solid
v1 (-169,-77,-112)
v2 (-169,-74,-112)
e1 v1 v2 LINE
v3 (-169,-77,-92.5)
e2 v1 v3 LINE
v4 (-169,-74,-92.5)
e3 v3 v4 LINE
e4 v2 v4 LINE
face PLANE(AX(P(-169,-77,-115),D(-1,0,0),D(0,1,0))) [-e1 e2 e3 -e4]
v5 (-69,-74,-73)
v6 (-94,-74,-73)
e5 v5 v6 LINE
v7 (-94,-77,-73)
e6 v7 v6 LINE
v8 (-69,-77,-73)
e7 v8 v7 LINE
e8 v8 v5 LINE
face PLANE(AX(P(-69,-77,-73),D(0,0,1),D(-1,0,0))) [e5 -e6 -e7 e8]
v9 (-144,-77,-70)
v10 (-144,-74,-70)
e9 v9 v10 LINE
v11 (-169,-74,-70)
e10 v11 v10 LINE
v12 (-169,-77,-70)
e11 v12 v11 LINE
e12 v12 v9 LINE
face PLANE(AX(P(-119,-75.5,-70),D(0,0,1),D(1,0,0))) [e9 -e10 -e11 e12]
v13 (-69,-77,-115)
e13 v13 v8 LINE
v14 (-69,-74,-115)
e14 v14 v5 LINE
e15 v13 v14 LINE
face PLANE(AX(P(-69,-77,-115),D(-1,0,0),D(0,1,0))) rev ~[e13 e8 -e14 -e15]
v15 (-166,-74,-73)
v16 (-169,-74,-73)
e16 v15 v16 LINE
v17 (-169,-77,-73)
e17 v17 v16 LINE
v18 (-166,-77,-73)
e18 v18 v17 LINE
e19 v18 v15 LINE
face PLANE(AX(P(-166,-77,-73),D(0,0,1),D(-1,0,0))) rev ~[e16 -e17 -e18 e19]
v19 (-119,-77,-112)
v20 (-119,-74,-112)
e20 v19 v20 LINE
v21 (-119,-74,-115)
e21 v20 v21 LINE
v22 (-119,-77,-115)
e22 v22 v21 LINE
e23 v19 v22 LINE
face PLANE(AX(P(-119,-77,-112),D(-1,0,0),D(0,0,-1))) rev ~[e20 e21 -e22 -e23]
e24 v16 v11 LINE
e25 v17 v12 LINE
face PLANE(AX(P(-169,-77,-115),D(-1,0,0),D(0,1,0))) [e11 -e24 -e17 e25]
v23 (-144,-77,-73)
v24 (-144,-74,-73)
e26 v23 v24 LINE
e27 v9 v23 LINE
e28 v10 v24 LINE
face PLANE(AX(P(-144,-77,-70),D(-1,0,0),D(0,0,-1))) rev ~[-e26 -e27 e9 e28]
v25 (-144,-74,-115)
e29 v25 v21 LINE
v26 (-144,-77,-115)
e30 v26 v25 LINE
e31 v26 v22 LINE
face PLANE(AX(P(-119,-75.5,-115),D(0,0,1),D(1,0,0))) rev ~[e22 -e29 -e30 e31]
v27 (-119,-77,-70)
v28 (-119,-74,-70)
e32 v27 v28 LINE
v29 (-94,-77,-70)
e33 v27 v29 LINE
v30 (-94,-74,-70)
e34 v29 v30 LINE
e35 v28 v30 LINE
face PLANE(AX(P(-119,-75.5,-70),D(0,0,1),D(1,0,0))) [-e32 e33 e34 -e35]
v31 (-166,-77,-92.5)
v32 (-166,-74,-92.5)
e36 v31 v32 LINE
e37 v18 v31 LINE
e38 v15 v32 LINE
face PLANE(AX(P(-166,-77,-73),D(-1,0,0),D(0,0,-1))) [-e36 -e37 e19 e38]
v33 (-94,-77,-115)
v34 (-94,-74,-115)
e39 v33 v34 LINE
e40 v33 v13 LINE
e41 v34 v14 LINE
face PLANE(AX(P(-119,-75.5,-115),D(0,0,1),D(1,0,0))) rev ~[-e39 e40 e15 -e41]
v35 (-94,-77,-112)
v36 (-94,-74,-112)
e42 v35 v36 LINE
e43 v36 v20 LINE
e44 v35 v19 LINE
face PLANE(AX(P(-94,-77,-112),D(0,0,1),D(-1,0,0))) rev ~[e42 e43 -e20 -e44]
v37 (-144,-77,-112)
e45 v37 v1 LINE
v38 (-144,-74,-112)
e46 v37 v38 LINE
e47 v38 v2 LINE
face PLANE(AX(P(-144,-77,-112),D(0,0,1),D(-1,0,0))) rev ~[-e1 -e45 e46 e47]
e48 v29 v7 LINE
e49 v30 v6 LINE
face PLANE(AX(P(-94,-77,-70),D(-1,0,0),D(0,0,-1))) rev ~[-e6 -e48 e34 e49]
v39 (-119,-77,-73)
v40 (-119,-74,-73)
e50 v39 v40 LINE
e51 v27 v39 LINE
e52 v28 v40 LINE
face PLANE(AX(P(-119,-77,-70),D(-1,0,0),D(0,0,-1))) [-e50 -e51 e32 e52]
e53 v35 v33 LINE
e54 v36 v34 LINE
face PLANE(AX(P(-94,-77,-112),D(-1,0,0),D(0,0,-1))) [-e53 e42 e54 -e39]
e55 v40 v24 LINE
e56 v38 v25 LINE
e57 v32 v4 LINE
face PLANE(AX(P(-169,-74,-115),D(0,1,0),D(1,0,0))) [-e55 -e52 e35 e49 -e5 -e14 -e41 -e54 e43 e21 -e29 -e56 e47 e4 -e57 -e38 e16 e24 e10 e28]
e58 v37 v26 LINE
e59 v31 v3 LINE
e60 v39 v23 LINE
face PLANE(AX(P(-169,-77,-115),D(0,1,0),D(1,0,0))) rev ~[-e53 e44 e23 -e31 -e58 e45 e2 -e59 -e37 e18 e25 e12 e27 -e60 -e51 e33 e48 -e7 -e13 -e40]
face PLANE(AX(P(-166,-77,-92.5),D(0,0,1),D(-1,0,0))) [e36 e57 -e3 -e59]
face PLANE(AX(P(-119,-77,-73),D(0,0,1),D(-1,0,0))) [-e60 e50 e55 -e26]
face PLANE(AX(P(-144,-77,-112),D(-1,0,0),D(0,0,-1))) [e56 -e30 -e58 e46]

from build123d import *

# Parameters (mm, degrees)
RECTANGLE127_AS_DRAWN_W                      = 25
RECTANGLE127_AS_DRAWN_H                      = 3
EXTRUDE155_DEPTH                             = 3
EXTRUDE155_ONTO_RECTANGLE127_ROLL_ANGLE      = -90
EXTRUDE155_ONTO_RECTANGLE127_PLACEMENT_ANGLE = 180
RECTANGLE128_AS_DRAWN_W                      = 25
RECTANGLE128_AS_DRAWN_H                      = 3
EXTRUDE157_DEPTH                             = 3
EXTRUDE157_ONTO_RECTANGLE128_ROLL_ANGLE      = -90
EXTRUDE157_ONTO_RECTANGLE128_PLACEMENT_ANGLE = 180
RECTANGLE130_AS_DRAWN_W                      = 25
RECTANGLE130_AS_DRAWN_H                      = 3
EXTRUDE162_DEPTH                             = 3
EXTRUDE162_ONTO_RECTANGLE130_ROLL_ANGLE      = -90
EXTRUDE162_ONTO_RECTANGLE130_PLACEMENT_ANGLE = 180
EXTRUDE160_DEPTH                             = 3
EXTRUDE160_ONTO_RECTANGLE127_ROLL_ANGLE      = -90
EXTRUDE160_ONTO_RECTANGLE127_PLACEMENT_ANGLE = 180
RECTANGLE132_AS_DRAWN_W                      = 3
RECTANGLE132_AS_DRAWN_H                      = 19.5
EXTRUDE168_DEPTH                             = 3
EXTRUDE168_ONTO_RECTANGLE132_ROLL_ANGLE      = -90
EXTRUDE168_ONTO_RECTANGLE132_PLACEMENT_ANGLE = 180
BOX044_W                                     = 100
BOX044_H                                     = 3
BOX044_DEPTH                                 = 45


with BuildPart() as extrude155:
    # Rectangle127 as drawn → Extrude155 (new)
    with BuildSketch(Plane.XY):
        with Locations((12.5, 1.5)):
            Rectangle(RECTANGLE127_AS_DRAWN_W, RECTANGLE127_AS_DRAWN_H)
    extrude(amount=-EXTRUDE155_DEPTH)


with BuildPart() as extrude155_1:
    # Extrude155 onto Rectangle127 roll: moved
    add(extrude155.part.rotate(Axis((0, 0, 0), (1, 0, 0)), EXTRUDE155_ONTO_RECTANGLE127_ROLL_ANGLE))


with BuildPart() as extrude155_2:
    # Extrude155 onto Rectangle127 placement: moved
    add(extrude155_1.part.moved(Location((114, -77, -70))).rotate(Axis((114, -77, -70), (0, 0, 1)), EXTRUDE155_ONTO_RECTANGLE127_PLACEMENT_ANGLE))


with BuildPart() as extrude155_3:
    # Extrude155 placement: moved
    add(extrude155_2.part.moved(Location((-183, 0, 0))))


with BuildPart() as extrude157:
    # Rectangle128 as drawn → Extrude157 (new)
    with BuildSketch(Plane.XY):
        with Locations((12.5, 1.5)):
            Rectangle(RECTANGLE128_AS_DRAWN_W, RECTANGLE128_AS_DRAWN_H)
    extrude(amount=-EXTRUDE157_DEPTH)


with BuildPart() as extrude157_1:
    # Extrude157 onto Rectangle128 roll: moved
    add(extrude157.part.rotate(Axis((0, 0, 0), (1, 0, 0)), EXTRUDE157_ONTO_RECTANGLE128_ROLL_ANGLE))


with BuildPart() as extrude157_2:
    # Extrude157 onto Rectangle128 placement: moved
    add(extrude157_1.part.moved(Location((89, -77, -70))).rotate(Axis((89, -77, -70), (0, 0, 1)), EXTRUDE157_ONTO_RECTANGLE128_PLACEMENT_ANGLE))


with BuildPart() as extrude157_3:
    # Extrude157 placement: moved
    add(extrude157_2.part.moved(Location((-208, 0, 0))))


with BuildPart() as extrude162:
    # Rectangle130 as drawn → Extrude162 (new)
    with BuildSketch(Plane.XY):
        with Locations((12.5, 1.5)):
            Rectangle(RECTANGLE130_AS_DRAWN_W, RECTANGLE130_AS_DRAWN_H)
    extrude(amount=-EXTRUDE162_DEPTH)


with BuildPart() as extrude162_1:
    # Extrude162 onto Rectangle130 roll: moved
    add(extrude162.part.rotate(Axis((0, 0, 0), (1, 0, 0)), EXTRUDE162_ONTO_RECTANGLE130_ROLL_ANGLE))


with BuildPart() as extrude162_2:
    # Extrude162 onto Rectangle130 placement: moved
    add(extrude162_1.part.moved(Location((39, -77, -70))).rotate(Axis((39, -77, -70), (0, 0, 1)), EXTRUDE162_ONTO_RECTANGLE130_PLACEMENT_ANGLE))


with BuildPart() as extrude162_3:
    # Extrude162 placement: moved
    add(extrude162_2.part.moved(Location((-183, 0, -42))))


with BuildPart() as extrude160:
    # Rectangle127 as drawn → Extrude160 (new)
    with BuildSketch(Plane.XY):
        with Locations((12.5, 1.5)):
            Rectangle(RECTANGLE127_AS_DRAWN_W, RECTANGLE127_AS_DRAWN_H)
    extrude(amount=-EXTRUDE160_DEPTH)


with BuildPart() as extrude160_1:
    # Extrude160 onto Rectangle127 roll: moved
    add(extrude160.part.rotate(Axis((0, 0, 0), (1, 0, 0)), EXTRUDE160_ONTO_RECTANGLE127_ROLL_ANGLE))


with BuildPart() as extrude160_2:
    # Extrude160 onto Rectangle127 placement: moved
    add(extrude160_1.part.moved(Location((114, -77, -70))).rotate(Axis((114, -77, -70), (0, 0, 1)), EXTRUDE160_ONTO_RECTANGLE127_PLACEMENT_ANGLE))


with BuildPart() as extrude160_3:
    # Extrude160 placement: moved
    add(extrude160_2.part.moved(Location((-208, 0, -42))))


with BuildPart() as fusion064025:
    # Rectangle132 as drawn → Extrude168 (new)
    with BuildSketch(Plane.XY):
        with Locations((1.5, 9.75)):
            Rectangle(RECTANGLE132_AS_DRAWN_W, RECTANGLE132_AS_DRAWN_H)
    extrude(amount=-EXTRUDE168_DEPTH)


with BuildPart() as fusion064025_1:
    # Extrude168 onto Rectangle132 roll: moved
    add(fusion064025.part.rotate(Axis((0, 0, 0), (1, 0, 0)), EXTRUDE168_ONTO_RECTANGLE132_ROLL_ANGLE))


with BuildPart() as fusion064025_2:
    # Extrude168 onto Rectangle132 placement: moved
    add(fusion064025_1.part.moved(Location((114, -77, -92.5))).rotate(Axis((114, -77, -92.5), (0, 0, 1)), EXTRUDE168_ONTO_RECTANGLE132_PLACEMENT_ANGLE))


with BuildPart() as fusion064025_3:
    # Extrude168 placement: moved
    add(fusion064025_2.part.moved(Location((-280, 0, 19.5))))

    # Fusion064025: union Extrude155, Extrude157, Extrude162, Extrude160
    add(extrude155_3.part)
    add(extrude157_3.part)
    add(extrude162_3.part)
    add(extrude160_3.part)


with BuildPart() as cut035014:
    # Box044 → Box044 (new body)
    with BuildSketch(Plane(origin=(-169, -77, -115), x_dir=(1, 0, 0), z_dir=(0, 0, 1))):
        with Locations((50, 1.5)):
            Rectangle(BOX044_W, BOX044_H)
    extrude(amount=BOX044_DEPTH)

    # Cut035014: cut Fusion064025
    add(fusion064025_3.part, mode=Mode.SUBTRACT)


solid = cut035014.part
